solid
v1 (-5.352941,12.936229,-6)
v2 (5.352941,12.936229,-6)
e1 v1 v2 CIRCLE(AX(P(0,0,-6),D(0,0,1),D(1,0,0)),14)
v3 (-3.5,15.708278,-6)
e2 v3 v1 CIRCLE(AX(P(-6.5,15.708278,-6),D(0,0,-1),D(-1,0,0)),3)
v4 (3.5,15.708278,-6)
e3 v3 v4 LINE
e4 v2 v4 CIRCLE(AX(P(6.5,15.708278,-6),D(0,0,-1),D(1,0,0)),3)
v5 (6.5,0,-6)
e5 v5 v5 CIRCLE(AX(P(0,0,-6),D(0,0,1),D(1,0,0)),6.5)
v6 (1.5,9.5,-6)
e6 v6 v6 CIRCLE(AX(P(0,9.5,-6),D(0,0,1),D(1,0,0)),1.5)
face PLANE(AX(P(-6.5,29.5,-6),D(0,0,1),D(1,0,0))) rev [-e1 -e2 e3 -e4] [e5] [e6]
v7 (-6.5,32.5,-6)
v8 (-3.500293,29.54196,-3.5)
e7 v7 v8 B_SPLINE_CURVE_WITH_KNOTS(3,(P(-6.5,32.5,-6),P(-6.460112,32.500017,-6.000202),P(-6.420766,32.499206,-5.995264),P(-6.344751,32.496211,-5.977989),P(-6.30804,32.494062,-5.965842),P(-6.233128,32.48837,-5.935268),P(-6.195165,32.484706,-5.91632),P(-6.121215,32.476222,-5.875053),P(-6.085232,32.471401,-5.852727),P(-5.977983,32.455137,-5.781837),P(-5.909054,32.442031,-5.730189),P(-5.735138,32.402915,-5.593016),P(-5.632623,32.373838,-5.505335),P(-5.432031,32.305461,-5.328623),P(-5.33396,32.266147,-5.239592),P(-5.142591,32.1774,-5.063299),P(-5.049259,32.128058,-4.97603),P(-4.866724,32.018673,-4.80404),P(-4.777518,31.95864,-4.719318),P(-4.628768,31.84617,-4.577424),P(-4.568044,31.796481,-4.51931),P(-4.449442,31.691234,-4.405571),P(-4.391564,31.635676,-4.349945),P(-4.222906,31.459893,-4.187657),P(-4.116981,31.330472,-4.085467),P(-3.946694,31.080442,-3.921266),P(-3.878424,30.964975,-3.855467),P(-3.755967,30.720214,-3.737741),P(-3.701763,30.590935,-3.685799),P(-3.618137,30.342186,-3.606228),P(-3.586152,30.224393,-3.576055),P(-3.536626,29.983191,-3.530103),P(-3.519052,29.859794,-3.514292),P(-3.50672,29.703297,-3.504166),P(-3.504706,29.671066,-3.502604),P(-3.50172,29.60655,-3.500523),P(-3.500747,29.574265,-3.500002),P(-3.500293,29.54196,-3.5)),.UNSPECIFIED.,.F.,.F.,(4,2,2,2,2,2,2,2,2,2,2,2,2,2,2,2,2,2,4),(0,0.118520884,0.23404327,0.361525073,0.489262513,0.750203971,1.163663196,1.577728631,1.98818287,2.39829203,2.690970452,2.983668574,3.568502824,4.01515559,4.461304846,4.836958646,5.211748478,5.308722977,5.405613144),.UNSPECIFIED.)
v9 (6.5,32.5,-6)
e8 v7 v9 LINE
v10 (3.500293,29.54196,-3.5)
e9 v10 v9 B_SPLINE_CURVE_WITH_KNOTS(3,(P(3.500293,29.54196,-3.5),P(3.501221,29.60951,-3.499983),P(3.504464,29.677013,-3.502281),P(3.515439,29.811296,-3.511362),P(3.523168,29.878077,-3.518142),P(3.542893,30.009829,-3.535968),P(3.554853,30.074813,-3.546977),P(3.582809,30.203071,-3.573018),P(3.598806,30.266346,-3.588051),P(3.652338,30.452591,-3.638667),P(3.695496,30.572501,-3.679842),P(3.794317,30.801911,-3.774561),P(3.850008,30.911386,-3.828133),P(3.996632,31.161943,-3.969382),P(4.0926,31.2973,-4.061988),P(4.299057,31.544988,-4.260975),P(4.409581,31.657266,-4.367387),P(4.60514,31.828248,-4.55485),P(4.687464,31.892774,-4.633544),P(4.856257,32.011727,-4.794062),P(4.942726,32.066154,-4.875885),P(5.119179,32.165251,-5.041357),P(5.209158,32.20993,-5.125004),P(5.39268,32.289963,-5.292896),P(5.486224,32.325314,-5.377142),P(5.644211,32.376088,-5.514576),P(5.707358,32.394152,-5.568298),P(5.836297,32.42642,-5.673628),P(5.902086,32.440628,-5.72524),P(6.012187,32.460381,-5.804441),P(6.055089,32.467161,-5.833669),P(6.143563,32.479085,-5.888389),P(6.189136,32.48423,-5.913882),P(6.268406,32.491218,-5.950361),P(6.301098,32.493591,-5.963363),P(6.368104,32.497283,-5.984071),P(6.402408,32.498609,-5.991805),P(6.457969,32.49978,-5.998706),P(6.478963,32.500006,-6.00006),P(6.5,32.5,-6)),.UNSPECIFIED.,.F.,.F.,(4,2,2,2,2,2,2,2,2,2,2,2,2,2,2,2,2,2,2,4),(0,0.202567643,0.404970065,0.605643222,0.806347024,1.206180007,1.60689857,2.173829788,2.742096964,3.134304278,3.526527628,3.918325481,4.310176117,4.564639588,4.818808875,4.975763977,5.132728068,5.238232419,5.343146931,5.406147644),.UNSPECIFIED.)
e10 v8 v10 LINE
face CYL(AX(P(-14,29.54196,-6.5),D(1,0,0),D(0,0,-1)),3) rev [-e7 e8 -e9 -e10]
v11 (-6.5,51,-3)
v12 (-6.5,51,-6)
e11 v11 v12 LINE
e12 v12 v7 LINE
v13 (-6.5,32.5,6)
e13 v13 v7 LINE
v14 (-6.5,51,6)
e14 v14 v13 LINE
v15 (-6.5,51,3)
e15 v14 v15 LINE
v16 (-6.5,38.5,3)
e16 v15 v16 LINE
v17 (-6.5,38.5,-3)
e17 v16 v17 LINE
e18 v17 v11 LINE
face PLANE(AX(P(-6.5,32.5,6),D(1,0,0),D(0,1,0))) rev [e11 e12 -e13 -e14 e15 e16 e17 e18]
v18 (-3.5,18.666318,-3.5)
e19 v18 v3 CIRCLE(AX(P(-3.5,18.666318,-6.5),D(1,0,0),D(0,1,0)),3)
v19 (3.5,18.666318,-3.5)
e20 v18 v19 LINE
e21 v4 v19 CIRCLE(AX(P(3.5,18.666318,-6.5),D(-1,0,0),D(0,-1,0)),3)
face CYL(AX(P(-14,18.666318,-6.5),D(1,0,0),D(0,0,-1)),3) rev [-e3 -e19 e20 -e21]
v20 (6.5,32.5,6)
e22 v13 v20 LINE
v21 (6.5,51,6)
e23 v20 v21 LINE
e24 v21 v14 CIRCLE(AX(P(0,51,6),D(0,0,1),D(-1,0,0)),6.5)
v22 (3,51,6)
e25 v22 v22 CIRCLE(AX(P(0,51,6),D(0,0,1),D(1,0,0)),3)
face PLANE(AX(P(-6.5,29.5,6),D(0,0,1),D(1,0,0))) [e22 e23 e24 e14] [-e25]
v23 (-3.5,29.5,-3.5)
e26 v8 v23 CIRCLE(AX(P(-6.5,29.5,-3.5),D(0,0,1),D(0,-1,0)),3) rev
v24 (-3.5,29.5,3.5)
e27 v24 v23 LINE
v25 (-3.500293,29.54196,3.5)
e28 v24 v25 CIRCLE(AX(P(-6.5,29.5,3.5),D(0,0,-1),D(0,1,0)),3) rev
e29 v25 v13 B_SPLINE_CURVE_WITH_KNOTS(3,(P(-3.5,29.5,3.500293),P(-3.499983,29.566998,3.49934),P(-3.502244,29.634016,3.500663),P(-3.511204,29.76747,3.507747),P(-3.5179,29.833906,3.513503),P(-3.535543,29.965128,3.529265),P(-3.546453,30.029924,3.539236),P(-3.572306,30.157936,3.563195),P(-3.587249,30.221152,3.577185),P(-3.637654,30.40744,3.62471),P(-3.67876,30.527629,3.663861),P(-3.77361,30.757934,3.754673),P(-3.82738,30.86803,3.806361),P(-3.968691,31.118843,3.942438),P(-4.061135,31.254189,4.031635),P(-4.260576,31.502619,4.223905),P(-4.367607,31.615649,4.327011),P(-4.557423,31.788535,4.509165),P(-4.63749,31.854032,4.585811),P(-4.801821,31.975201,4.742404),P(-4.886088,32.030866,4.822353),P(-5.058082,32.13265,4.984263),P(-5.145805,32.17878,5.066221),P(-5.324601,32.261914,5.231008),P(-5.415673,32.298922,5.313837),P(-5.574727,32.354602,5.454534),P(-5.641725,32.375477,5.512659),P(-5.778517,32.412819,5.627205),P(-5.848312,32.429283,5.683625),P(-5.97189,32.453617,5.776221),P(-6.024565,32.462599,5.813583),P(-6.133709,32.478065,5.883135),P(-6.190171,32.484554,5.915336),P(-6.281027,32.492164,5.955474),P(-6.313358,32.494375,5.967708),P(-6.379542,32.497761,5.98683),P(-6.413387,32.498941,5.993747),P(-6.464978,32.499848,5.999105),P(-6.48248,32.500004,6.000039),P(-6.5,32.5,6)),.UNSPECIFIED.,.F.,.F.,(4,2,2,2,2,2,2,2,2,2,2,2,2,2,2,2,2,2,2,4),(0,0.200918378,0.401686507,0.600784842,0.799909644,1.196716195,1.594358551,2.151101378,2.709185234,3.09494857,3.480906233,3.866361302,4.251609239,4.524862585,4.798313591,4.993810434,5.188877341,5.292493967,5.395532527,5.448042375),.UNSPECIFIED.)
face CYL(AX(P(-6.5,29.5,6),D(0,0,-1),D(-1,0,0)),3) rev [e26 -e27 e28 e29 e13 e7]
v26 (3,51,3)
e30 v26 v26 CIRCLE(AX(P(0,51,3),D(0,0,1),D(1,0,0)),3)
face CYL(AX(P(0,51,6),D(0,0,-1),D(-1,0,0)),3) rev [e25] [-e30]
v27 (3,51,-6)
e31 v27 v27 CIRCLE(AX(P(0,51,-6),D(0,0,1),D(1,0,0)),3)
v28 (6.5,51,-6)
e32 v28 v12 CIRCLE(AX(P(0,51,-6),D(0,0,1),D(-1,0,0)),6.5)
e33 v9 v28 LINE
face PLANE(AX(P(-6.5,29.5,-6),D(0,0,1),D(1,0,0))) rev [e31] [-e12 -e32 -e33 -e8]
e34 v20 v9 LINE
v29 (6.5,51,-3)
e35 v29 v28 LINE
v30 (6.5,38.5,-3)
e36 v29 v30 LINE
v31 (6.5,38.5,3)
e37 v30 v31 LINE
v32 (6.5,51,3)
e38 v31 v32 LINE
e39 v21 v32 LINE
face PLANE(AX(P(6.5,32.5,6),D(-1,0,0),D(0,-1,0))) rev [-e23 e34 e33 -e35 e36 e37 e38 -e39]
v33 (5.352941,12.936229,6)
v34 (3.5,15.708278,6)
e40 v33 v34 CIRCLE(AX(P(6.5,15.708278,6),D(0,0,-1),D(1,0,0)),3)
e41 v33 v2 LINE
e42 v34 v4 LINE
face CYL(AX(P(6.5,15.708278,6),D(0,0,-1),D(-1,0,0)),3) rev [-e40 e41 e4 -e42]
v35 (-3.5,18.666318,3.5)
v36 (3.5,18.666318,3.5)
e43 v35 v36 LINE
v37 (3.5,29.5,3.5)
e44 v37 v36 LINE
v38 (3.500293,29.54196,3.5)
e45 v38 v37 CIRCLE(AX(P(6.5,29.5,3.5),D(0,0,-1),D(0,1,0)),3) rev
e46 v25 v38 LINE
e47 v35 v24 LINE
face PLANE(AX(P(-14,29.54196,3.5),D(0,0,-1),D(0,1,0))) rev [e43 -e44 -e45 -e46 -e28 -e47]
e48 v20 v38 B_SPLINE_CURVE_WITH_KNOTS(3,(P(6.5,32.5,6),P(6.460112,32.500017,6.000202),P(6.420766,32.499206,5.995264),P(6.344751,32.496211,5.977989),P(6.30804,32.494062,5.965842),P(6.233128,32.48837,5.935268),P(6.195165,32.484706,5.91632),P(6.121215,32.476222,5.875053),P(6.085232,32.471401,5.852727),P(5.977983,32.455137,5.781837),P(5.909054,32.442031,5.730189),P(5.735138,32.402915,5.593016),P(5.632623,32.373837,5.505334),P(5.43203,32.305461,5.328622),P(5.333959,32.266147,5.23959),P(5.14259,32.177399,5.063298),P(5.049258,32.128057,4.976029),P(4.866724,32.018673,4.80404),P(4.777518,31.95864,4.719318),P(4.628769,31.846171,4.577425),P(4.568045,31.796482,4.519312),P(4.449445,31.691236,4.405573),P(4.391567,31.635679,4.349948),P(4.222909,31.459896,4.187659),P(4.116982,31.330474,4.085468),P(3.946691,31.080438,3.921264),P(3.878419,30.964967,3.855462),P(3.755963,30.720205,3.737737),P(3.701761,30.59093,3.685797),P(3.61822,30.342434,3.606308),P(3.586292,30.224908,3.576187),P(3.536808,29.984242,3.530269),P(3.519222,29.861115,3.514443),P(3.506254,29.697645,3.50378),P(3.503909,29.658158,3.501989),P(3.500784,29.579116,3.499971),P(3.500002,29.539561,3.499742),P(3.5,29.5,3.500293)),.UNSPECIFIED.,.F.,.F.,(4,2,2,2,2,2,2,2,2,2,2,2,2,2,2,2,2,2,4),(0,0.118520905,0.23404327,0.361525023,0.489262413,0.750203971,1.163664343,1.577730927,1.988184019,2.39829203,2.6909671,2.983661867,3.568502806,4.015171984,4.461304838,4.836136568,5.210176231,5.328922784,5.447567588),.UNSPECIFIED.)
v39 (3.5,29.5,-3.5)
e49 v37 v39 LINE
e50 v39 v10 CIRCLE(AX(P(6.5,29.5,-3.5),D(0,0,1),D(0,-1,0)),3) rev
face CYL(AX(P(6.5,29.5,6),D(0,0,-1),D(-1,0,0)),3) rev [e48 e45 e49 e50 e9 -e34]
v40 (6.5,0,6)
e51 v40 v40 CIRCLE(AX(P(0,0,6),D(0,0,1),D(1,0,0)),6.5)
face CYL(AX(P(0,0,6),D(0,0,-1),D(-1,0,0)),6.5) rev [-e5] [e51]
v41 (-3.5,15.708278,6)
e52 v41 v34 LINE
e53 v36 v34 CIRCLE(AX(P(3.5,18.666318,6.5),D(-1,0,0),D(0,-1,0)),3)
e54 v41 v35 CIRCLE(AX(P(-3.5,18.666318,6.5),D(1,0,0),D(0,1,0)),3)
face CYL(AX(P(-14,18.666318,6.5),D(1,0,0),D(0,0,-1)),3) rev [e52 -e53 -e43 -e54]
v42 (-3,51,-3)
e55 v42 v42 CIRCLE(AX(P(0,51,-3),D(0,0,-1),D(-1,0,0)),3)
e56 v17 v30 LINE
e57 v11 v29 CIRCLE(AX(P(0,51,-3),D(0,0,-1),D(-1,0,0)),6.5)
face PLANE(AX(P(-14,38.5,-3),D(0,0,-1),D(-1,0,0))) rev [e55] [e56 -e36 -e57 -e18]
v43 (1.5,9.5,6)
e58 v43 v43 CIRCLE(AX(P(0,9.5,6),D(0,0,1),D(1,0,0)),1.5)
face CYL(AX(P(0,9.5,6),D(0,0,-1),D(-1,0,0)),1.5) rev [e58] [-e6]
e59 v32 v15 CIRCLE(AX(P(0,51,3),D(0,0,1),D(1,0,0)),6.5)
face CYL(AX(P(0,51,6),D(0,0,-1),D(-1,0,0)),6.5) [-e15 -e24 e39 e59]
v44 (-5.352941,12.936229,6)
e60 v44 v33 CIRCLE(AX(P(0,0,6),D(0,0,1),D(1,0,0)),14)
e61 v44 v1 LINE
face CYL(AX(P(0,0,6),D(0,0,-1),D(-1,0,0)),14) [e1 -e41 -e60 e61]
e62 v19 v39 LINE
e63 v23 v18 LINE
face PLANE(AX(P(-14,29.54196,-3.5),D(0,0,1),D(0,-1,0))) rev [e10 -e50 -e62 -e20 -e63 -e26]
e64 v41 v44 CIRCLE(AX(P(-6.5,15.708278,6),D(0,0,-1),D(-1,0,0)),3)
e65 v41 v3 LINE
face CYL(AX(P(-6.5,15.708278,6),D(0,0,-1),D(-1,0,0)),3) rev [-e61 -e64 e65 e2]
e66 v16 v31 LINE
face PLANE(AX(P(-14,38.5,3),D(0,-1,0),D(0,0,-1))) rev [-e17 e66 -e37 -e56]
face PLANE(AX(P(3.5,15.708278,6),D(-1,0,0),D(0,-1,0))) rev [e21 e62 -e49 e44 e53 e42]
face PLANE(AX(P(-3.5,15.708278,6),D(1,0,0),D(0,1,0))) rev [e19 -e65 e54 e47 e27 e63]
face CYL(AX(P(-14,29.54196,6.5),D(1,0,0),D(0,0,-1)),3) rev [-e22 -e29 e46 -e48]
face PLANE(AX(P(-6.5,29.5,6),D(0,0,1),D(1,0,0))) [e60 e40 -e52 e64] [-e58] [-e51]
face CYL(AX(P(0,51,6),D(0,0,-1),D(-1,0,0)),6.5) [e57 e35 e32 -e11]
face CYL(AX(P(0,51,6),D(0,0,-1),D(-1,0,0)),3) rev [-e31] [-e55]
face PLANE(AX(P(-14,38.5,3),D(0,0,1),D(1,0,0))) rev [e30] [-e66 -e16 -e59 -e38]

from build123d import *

# Parameters (mm, degrees)
SKETCH1_R               = 6.5
SKETCH1_R_2             = 1.5
SKETCH1_R_3             = 3
BOSS_EXTRUDE1_DEPTH     = 6
CUT_EXTRUDE1_DEPTH      = 60.483190903
CUT_EXTRUDE1_DEPTH_BACK = 60.483190903
SKETCH2_W               = 6
SKETCH2_H               = 19


with BuildPart() as part:
    # Sketch1 → Boss-Extrude1 (new, symmetric)
    with BuildSketch(Plane.XY):
        with BuildLine():
            Line((-3.5, 15.708278072), (-3.5, 29.5))
            ThreePointArc((-3.5, 29.5), (-4.378679656, 31.621320344), (-6.5, 32.5))
            Line((-6.5, 32.5), (-6.5, 51))
            ThreePointArc((-6.5, 51), (0, 57.5), (6.5, 51))
            Line((6.5, 51), (6.5, 32.5))
            ThreePointArc((6.5, 32.5), (4.378679656, 31.621320344), (3.5, 29.5))
            Line((3.5, 29.5), (3.5, 15.708278072))
            ThreePointArc((3.5, 15.708278072), (4.00588929, 14.041121282), (5.352941176, 12.936229001))
            ThreePointArc((5.352941176, 12.936229001), (0, -14), (-5.352941176, 12.936229001))
            ThreePointArc((-5.352941176, 12.936229001), (-4.00588929, 14.041121282), (-3.5, 15.708278072))
        make_face()
        Circle(SKETCH1_R, mode=Mode.SUBTRACT)
        with Locations((0, 9.5)):
            Circle(SKETCH1_R_2, mode=Mode.SUBTRACT)
        with Locations((0, 51)):
            Circle(SKETCH1_R_3, mode=Mode.SUBTRACT)
    extrude(amount=BOSS_EXTRUDE1_DEPTH, both=True)

    # Sketch2 → Cut-Extrude1 (cut, two sides: drawn at the far end of the back side and taken through both)
    with BuildSketch(Plane(origin=(0, 0, 0), x_dir=(0, 0, -1), z_dir=(1, 0, 0)).offset(-CUT_EXTRUDE1_DEPTH_BACK)):
        with BuildLine():
            Line((-6, 32.5), (-6, 15.708278072))
            ThreePointArc((-6, 15.708278072), (-4.208712153, 16.729826291), (-3.5, 18.666317964))
            Line((-3.5, 18.666317964), (-3.5, 29.541960108))
            ThreePointArc((-3.5, 29.541960108), (-4.208712153, 31.478451782), (-6, 32.5))
        make_face()
        with BuildLine():
            Line((6, 32.5), (6, 15.708278072))
            ThreePointArc((6, 15.708278072), (4.208712153, 16.729826291), (3.5, 18.666317964))
            Line((3.5, 18.666317964), (3.5, 29.541960108))
            ThreePointArc((3.5, 29.541960108), (4.208712153, 31.478451782), (6, 32.5))
        make_face()
        with Locations((0, 48)):
            Rectangle(SKETCH2_W, SKETCH2_H)
    extrude(amount=CUT_EXTRUDE1_DEPTH + CUT_EXTRUDE1_DEPTH_BACK, mode=Mode.SUBTRACT)


solid = part.part
